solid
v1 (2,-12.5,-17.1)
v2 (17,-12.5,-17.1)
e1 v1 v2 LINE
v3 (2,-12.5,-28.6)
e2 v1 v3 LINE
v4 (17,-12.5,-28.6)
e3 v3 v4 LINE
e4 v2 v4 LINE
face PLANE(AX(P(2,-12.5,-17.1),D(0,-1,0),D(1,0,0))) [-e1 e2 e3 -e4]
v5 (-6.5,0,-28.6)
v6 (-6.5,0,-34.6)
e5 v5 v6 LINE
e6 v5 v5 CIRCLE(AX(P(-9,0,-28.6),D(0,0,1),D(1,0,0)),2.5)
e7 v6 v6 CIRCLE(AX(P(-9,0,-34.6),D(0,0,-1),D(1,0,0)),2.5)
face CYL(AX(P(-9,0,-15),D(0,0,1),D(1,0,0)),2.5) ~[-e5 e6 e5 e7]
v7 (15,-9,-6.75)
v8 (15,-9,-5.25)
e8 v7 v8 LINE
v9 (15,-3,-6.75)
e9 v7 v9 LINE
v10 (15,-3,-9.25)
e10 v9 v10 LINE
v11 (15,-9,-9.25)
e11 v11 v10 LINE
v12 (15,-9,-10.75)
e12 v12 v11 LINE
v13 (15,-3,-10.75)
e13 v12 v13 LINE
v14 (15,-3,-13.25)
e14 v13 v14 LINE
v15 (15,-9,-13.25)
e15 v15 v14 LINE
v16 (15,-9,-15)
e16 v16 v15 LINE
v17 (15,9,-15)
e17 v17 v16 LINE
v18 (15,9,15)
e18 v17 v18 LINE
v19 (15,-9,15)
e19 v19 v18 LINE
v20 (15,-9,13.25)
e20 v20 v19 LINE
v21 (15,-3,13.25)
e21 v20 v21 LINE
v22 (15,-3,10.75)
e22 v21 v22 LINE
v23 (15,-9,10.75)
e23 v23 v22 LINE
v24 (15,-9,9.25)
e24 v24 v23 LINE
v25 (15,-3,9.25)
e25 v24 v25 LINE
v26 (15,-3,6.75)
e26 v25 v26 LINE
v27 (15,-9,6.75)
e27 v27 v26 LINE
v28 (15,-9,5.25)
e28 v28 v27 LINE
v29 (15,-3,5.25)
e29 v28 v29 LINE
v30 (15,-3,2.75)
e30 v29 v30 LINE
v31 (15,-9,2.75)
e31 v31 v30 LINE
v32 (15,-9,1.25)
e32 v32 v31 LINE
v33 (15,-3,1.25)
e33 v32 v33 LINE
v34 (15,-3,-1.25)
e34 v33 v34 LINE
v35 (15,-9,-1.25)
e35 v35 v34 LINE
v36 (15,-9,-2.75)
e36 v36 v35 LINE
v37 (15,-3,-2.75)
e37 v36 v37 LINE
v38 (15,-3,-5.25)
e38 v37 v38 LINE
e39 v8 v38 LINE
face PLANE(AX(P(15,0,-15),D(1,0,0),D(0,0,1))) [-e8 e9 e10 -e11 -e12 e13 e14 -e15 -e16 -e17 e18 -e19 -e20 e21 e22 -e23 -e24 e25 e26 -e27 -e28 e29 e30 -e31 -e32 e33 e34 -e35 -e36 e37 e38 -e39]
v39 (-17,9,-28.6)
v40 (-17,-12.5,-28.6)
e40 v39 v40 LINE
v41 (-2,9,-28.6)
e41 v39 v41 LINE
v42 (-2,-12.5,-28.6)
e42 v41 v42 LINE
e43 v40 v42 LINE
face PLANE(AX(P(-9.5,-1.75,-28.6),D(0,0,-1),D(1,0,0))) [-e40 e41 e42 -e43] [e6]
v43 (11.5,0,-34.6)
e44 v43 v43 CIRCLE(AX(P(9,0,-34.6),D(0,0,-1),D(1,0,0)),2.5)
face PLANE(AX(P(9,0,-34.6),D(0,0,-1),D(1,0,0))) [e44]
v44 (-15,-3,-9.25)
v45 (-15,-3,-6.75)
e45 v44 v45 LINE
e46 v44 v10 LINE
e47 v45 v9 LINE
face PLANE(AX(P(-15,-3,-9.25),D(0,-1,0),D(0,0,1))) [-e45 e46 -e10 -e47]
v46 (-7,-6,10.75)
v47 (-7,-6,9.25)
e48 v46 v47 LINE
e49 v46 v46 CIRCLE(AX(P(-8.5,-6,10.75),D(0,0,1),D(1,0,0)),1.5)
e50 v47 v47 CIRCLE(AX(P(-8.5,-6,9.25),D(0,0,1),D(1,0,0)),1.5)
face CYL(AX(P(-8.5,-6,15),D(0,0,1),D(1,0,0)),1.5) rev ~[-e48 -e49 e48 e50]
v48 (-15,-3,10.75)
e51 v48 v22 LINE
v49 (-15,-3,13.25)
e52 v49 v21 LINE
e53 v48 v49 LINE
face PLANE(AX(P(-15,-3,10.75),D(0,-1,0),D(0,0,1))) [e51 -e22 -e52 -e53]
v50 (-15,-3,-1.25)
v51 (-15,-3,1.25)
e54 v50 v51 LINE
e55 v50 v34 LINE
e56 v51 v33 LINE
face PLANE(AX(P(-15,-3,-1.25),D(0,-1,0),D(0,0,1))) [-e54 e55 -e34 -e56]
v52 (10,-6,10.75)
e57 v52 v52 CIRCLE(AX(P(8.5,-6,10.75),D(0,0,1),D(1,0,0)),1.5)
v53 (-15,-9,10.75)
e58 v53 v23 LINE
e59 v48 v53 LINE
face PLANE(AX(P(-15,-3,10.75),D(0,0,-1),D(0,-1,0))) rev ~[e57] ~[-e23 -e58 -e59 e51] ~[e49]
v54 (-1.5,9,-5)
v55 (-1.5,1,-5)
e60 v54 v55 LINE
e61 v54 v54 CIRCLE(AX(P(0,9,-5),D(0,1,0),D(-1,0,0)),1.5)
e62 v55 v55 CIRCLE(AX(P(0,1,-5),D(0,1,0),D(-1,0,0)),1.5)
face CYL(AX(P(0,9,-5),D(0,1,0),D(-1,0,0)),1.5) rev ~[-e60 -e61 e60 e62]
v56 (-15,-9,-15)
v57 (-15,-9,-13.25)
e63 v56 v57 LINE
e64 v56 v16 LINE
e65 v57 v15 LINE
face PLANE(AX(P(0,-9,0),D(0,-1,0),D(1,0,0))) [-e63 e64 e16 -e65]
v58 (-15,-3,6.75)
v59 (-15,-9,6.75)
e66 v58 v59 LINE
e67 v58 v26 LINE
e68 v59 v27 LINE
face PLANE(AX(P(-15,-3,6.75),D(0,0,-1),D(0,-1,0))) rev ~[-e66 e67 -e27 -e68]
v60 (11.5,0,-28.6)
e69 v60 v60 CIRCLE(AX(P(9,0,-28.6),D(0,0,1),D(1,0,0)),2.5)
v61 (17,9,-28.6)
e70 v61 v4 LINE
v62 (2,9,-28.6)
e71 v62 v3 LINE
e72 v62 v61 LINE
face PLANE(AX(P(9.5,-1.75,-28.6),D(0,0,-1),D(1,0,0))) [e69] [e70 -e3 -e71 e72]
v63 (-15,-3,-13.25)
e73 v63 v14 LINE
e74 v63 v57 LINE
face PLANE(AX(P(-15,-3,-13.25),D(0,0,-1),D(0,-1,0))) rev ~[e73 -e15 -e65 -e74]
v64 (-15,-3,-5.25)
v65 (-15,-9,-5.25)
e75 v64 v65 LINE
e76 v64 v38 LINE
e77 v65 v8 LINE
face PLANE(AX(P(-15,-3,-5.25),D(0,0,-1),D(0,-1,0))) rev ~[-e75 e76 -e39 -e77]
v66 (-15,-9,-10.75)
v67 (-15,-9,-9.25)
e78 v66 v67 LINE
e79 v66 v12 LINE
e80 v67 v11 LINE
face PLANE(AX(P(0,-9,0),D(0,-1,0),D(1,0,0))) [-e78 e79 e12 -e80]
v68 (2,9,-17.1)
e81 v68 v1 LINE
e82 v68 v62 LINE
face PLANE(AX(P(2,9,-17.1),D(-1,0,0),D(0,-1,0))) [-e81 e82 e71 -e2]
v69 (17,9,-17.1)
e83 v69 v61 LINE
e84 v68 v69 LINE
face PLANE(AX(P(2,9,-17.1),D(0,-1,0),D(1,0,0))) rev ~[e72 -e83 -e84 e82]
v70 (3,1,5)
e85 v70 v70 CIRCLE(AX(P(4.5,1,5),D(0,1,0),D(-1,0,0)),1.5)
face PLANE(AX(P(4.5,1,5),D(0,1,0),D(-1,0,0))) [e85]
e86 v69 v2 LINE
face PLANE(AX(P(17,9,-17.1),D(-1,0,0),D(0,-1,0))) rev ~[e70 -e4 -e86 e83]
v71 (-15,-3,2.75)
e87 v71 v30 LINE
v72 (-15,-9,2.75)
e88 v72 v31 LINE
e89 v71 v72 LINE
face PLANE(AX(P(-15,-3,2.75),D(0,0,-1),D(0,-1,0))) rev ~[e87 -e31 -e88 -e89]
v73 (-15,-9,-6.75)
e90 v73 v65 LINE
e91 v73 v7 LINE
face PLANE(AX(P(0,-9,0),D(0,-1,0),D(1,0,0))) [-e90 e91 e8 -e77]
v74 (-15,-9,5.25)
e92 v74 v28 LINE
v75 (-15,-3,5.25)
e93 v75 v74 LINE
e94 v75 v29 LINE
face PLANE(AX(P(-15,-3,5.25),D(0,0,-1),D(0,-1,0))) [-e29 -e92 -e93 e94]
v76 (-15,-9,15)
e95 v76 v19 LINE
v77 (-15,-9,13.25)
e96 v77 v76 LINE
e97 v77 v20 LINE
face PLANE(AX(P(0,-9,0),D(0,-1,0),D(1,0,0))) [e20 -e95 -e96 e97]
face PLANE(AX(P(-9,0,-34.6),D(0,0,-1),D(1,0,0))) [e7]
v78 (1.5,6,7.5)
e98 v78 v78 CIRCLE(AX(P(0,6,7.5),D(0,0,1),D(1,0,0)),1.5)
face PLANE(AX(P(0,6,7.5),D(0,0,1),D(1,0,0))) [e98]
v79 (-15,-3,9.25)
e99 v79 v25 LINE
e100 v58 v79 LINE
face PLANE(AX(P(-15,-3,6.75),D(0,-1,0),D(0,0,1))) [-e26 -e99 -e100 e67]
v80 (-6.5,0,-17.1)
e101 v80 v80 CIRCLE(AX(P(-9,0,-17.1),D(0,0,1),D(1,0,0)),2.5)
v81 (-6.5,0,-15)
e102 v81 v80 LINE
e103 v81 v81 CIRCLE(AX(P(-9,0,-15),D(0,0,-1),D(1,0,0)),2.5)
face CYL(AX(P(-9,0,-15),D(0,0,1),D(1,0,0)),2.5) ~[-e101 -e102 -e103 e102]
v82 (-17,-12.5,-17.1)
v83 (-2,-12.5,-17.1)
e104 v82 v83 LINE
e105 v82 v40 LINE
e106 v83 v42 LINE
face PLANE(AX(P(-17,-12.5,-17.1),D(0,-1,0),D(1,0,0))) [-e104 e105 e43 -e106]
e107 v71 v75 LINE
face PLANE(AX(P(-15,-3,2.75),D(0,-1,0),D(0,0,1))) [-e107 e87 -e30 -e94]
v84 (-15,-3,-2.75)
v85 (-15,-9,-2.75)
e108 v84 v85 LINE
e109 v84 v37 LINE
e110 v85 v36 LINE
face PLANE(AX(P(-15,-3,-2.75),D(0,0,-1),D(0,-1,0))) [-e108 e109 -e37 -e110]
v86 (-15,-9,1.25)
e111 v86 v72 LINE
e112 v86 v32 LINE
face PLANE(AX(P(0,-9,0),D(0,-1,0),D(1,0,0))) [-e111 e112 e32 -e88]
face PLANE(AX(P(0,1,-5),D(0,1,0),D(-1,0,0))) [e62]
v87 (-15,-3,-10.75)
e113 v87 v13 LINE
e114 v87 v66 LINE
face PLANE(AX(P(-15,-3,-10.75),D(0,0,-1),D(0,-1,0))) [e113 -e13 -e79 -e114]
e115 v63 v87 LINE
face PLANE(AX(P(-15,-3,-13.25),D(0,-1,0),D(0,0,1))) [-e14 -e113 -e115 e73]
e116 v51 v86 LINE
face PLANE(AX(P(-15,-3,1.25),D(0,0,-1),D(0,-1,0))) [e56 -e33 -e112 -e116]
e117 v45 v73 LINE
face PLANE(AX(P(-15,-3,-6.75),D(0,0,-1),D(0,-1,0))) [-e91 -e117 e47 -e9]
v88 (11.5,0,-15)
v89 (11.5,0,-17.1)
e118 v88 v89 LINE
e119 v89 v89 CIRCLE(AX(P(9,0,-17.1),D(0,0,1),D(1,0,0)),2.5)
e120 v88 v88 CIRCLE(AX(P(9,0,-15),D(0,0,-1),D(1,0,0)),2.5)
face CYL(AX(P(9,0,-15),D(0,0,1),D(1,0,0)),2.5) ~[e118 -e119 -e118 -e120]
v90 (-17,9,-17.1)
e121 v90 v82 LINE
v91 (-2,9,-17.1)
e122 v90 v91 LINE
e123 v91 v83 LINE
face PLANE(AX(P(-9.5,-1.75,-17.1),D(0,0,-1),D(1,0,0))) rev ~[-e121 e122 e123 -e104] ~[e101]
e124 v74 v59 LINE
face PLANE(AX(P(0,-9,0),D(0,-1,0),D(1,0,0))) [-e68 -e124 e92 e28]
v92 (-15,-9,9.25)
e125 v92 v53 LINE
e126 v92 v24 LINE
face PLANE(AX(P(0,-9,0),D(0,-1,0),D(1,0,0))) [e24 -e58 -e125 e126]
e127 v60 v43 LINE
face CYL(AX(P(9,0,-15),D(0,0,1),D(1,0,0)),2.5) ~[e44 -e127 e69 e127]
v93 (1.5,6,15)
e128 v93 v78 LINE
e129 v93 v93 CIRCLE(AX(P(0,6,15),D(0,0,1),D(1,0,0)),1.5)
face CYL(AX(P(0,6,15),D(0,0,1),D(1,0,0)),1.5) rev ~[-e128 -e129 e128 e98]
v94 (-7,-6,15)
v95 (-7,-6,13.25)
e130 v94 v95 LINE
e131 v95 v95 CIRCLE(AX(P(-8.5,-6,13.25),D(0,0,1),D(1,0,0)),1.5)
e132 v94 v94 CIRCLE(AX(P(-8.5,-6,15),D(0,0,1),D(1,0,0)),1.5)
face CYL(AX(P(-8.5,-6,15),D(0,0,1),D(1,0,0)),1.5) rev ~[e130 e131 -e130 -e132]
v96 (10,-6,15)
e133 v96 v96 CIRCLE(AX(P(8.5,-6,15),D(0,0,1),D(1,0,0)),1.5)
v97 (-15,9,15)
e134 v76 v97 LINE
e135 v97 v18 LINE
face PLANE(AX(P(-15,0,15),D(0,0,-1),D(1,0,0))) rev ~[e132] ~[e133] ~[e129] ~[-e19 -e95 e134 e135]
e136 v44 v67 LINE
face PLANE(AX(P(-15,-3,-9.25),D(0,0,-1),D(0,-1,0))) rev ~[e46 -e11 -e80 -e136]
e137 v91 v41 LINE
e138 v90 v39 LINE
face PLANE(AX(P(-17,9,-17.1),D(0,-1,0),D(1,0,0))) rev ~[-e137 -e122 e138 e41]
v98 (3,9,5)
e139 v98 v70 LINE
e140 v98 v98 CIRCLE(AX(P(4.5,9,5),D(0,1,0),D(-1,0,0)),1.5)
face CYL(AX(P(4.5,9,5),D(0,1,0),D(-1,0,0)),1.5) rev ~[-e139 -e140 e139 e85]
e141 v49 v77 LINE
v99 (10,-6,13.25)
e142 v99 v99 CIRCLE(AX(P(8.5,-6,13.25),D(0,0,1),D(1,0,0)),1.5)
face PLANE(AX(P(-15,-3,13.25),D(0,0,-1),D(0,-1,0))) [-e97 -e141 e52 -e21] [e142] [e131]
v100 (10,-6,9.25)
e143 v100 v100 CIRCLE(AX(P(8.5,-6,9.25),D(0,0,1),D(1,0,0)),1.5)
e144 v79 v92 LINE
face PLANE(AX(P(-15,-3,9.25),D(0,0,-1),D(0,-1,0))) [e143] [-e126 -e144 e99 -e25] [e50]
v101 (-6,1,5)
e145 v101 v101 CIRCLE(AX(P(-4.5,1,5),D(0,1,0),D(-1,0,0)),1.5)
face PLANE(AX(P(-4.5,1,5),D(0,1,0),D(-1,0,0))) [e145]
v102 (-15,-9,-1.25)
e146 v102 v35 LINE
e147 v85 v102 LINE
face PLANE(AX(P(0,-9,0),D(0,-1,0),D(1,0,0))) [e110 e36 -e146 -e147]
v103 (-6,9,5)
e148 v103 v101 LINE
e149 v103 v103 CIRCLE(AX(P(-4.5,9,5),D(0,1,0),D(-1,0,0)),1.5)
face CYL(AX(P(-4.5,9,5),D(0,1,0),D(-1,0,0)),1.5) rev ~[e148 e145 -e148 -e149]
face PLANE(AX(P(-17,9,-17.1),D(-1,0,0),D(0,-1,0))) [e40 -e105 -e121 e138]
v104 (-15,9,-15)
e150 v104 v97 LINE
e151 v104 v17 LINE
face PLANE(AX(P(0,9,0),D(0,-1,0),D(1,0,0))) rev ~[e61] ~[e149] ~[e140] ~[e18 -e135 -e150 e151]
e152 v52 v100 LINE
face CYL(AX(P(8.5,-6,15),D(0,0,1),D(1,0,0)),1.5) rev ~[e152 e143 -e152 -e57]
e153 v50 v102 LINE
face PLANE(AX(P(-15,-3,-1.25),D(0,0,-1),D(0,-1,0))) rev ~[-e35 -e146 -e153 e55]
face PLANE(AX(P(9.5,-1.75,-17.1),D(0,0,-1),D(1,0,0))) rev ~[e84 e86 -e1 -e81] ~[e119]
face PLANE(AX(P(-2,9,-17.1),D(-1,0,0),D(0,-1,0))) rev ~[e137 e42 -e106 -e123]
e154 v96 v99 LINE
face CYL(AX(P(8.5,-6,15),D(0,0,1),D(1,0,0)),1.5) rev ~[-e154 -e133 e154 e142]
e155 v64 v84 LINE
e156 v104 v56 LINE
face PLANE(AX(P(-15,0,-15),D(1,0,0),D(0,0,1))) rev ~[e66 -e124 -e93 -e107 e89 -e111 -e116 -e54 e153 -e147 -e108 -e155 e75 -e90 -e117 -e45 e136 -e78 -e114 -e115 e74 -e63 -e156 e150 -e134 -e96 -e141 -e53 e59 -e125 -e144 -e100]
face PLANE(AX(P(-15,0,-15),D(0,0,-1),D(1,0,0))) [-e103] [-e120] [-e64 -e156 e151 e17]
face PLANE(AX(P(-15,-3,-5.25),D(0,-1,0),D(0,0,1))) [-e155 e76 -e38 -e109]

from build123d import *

# Parameters (mm, degrees)
F0_W      = 30
F0_H      = 30
F1_DEPTH  = 9
F2_R      = 2.5
F3_DEPTH  = 19.6
F4_W      = 6
F4_H      = 2.5
F5_DEPTH  = 30.001
F6_R      = 1.5
F7_DEPTH  = 8
F8_R      = 1.5
F9_DEPTH  = 7.5
F11_W     = 15
F11_H     = 21.5
F12_DEPTH = 11.5


with BuildPart() as f1:
    # F0 (on Front) → F1 (new body, symmetric)
    with BuildSketch(Plane.XZ):
        Rectangle(F0_W, F0_H)
    extrude(amount=F1_DEPTH, both=True)

    # F2 (on face) → F3 (join)
    with BuildSketch(Plane(origin=(0, 0, -15), x_dir=(1, 0, 0), z_dir=(0, 0, -1))):
        with Locations((-9, 0)):
            Circle(F2_R)
        with Locations((9, 0)):
            Circle(F2_R)
    extrude(amount=F3_DEPTH)

    # F4 (on face) → F5 (cut, through all)
    with BuildSketch(Plane(origin=(-15, 0, 0), x_dir=(0, -1, 0), z_dir=(-1, 0, 0))):
        with Locations((6, 12)):
            Rectangle(F4_W, F4_H)
        with Locations((6, 8)):
            Rectangle(F4_W, F4_H)
        with Locations((6, 4)):
            Rectangle(F4_W, F4_H)
        with Locations((6, 0)):
            Rectangle(F4_W, F4_H)
        with Locations((6, -4)):
            Rectangle(F4_W, F4_H)
        with Locations((6, -8)):
            Rectangle(F4_W, F4_H)
        with Locations((6, -12)):
            Rectangle(F4_W, F4_H)
    extrude(amount=-F5_DEPTH, mode=Mode.SUBTRACT)

    # F6 (on face) → F7 (cut)
    with BuildSketch(Plane(origin=(0, 9, 0), x_dir=(-1, 0, 0), z_dir=(0, 1, 0))):
        with Locations((0, -5)):
            Circle(F6_R)
        with Locations((-4.5, 5)):
            Circle(F6_R)
        with Locations((4.5, 5)):
            Circle(F6_R)
    extrude(amount=-F7_DEPTH, mode=Mode.SUBTRACT)

    # F8 (on face) → F9 (cut)
    with BuildSketch(Plane.XY.offset(15)):
        with Locations((0, 6)):
            Circle(F8_R)
        with Locations((8.5, -6)):
            Circle(F8_R)
        with Locations((-8.5, -6)):
            Circle(F8_R)
    extrude(amount=-F9_DEPTH, mode=Mode.SUBTRACT)

    # F11 (on offset) → F12 (join)
    with BuildSketch(Plane(origin=(0, 0, -17.1), x_dir=(1, 0, 0), z_dir=(0, 0, -1))):
        with Locations((-9.5, 1.75)):
            Rectangle(F11_W, F11_H)
        with Locations((9.5, 1.75)):
            Rectangle(F11_W, F11_H)
    extrude(amount=F12_DEPTH)


solid = f1.part
